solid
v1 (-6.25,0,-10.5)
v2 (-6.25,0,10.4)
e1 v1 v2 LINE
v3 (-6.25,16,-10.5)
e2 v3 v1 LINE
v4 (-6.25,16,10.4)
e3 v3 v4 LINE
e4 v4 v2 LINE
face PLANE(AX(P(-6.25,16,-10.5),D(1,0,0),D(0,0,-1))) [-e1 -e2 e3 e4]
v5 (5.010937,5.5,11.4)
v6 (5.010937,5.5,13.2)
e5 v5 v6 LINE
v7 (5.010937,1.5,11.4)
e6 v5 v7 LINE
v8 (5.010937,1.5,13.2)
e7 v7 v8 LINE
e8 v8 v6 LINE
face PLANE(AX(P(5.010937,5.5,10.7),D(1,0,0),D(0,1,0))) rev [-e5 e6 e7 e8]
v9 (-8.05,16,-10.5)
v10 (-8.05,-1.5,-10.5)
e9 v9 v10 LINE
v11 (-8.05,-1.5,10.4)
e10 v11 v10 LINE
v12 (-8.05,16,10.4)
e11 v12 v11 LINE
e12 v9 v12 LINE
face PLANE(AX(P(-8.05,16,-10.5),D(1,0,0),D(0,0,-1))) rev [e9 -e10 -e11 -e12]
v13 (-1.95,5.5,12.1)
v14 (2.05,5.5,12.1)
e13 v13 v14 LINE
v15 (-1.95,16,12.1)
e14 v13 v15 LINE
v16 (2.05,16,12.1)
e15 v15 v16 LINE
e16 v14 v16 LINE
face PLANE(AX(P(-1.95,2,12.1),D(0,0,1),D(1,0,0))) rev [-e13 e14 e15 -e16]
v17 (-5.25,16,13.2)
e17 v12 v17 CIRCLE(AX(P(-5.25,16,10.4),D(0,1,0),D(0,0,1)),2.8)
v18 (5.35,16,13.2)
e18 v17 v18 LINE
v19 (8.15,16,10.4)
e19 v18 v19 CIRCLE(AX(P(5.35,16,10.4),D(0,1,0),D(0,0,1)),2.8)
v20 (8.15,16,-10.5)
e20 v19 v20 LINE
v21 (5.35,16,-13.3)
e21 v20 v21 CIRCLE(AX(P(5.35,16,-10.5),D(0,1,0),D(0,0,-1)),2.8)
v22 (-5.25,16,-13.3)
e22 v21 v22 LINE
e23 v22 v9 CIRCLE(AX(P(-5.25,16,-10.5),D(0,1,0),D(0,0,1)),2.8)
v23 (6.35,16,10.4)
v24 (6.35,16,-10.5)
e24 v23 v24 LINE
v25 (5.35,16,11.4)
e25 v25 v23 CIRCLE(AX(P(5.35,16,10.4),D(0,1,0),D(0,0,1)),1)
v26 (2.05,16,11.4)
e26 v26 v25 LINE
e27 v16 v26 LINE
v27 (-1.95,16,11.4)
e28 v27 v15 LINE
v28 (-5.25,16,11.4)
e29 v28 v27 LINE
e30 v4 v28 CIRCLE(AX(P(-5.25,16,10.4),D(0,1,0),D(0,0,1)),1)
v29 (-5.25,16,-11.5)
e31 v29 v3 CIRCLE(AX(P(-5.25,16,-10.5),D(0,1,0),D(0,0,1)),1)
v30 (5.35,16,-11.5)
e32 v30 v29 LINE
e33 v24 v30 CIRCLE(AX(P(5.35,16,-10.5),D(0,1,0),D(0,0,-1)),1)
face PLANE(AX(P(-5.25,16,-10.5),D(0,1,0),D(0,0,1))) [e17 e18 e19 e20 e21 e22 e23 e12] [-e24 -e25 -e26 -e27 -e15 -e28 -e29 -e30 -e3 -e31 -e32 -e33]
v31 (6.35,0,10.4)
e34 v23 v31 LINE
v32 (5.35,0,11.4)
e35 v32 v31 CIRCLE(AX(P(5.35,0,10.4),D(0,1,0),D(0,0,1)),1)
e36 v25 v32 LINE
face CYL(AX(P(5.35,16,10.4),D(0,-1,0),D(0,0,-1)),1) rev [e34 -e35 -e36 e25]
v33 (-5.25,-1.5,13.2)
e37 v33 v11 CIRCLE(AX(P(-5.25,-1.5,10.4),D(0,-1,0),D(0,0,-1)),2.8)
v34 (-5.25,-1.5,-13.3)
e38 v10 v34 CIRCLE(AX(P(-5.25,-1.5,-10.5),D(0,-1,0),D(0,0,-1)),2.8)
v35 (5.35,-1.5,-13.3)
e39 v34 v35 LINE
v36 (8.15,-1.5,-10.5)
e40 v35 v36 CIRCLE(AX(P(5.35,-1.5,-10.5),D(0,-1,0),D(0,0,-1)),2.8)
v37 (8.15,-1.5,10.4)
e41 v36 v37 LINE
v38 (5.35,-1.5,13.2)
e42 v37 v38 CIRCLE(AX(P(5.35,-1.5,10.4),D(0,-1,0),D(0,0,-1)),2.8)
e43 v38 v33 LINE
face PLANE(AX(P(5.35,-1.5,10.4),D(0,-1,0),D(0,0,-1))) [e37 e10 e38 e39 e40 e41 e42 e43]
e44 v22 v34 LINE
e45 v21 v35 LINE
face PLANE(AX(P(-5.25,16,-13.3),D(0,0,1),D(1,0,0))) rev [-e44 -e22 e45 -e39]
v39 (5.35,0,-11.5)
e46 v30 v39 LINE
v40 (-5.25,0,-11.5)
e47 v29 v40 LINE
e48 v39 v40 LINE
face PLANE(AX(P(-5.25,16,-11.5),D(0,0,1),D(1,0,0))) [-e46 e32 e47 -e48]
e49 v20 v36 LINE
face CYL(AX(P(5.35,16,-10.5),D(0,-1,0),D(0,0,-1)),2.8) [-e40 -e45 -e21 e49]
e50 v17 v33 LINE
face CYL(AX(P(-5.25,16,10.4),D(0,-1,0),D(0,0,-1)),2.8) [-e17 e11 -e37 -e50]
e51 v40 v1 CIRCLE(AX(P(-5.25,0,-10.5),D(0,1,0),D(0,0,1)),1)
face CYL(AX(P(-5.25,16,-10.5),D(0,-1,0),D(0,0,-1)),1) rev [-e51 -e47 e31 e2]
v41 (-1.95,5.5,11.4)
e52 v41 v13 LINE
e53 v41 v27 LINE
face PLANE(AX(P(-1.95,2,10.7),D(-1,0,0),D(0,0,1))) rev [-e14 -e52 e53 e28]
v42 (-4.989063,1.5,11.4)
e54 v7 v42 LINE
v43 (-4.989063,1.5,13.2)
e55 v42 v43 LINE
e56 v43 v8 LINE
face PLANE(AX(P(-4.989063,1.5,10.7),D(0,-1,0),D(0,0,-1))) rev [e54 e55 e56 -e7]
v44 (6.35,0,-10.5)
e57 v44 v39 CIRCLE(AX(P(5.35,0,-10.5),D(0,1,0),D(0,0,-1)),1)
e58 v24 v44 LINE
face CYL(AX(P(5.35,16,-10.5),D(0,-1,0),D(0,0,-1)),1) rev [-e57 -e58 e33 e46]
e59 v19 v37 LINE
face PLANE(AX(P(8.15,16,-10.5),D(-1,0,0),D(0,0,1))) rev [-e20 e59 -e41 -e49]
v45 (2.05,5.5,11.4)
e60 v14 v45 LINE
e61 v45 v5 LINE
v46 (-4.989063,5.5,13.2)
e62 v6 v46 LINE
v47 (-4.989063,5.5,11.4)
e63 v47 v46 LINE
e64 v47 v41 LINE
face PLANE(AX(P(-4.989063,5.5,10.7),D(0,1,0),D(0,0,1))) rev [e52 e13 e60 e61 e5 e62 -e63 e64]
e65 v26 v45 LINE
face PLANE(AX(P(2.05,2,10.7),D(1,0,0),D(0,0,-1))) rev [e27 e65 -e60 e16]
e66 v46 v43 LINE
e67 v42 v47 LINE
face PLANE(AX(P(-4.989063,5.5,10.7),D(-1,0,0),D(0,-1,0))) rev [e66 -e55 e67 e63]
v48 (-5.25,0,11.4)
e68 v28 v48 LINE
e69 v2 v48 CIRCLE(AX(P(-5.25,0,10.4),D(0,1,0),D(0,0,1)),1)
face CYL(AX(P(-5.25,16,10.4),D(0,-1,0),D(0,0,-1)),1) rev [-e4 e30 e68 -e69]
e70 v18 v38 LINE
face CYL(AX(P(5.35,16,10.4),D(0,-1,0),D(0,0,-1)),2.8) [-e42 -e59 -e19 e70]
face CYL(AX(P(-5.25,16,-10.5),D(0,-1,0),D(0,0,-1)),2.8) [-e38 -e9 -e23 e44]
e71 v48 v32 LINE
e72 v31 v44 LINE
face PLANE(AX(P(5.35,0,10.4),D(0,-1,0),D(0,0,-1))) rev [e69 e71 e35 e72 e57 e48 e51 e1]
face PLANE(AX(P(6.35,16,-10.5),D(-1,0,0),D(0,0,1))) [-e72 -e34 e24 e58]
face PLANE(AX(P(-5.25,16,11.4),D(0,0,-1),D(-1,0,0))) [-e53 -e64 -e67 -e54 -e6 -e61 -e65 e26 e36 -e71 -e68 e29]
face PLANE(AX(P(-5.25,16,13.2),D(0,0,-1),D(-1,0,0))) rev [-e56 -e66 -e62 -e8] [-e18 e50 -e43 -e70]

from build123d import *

# Parameters (mm, degrees)
BOSS_EXTRUDE1_DEPTH = 16
BOSS_EXTRUDE2_START = 1.5
BOSS_EXTRUDE2_DEPTH = 1.5
SKETCH3_W           = 10
SKETCH3_H           = 4
CUT_EXTRUDE1_DEPTH  = 2.5
SKETCH5_W           = 4
SKETCH5_H           = 1.4
CUT_EXTRUDE2_DEPTH  = 14


with BuildPart() as part:
    # Sketch1 → Boss-Extrude1 (new body)
    with BuildSketch(Plane(origin=(0, 0, 0), x_dir=(1, 0, 0), z_dir=(0, 1, 0))):
        with BuildLine():
            Line((-5.25, 13.3), (5.35, 13.3))
            ThreePointArc((5.35, 13.3), (7.329898987, 12.479898987), (8.15, 10.5))
            Line((8.15, 10.5), (8.15, -10.4))
            ThreePointArc((8.15, -10.4), (7.329898987, -12.379898987), (5.35, -13.2))
            Line((5.35, -13.2), (-5.25, -13.2))
            ThreePointArc((-5.25, -13.2), (-7.229898987, -12.379898987), (-8.05, -10.4))
            Line((-8.05, -10.4), (-8.05, 10.5))
            ThreePointArc((-8.05, 10.5), (-7.229898987, 12.479898987), (-5.25, 13.3))
        make_face()
        with BuildLine():
            Line((-5.25, 11.5), (5.35, 11.5))
            ThreePointArc((5.35, 11.5), (6.057106781, 11.207106781), (6.35, 10.5))
            Line((6.35, 10.5), (6.35, -10.4))
            ThreePointArc((6.35, -10.4), (6.057106781, -11.107106781), (5.35, -11.4))
            Line((5.35, -11.4), (-5.25, -11.4))
            ThreePointArc((-5.25, -11.4), (-5.957106781, -11.107106781), (-6.25, -10.4))
            Line((-6.25, -10.4), (-6.25, 10.5))
            ThreePointArc((-6.25, 10.5), (-5.957106781, 11.207106781), (-5.25, 11.5))
        make_face(mode=Mode.SUBTRACT)
    extrude(amount=BOSS_EXTRUDE1_DEPTH)

    # Sketch2 → Boss-Extrude2 (add)
    with BuildSketch(Plane.XZ.offset(BOSS_EXTRUDE2_START)):
        with BuildLine():
            Line((-5.25, 13.2), (5.35, 13.2))
            ThreePointArc((5.35, 13.2), (7.329898987, 12.379898987), (8.15, 10.4))
            Line((8.15, 10.4), (8.15, -10.5))
            ThreePointArc((8.15, -10.5), (7.329898987, -12.479898987), (5.35, -13.3))
            Line((5.35, -13.3), (-5.25, -13.3))
            ThreePointArc((-5.25, -13.3), (-7.229898987, -12.479898987), (-8.05, -10.5))
            Line((-8.05, -10.5), (-8.05, 10.4))
            ThreePointArc((-8.05, 10.4), (-7.229898987, 12.379898987), (-5.25, 13.2))
        make_face()
    extrude(amount=-BOSS_EXTRUDE2_DEPTH)

    # Sketch3 → Cut-Extrude1 (cut)
    with BuildSketch(Plane.XY.offset(13.2)):
        with Locations((0.0109375, 3.5)):
            Rectangle(SKETCH3_W, SKETCH3_H)
    extrude(amount=-CUT_EXTRUDE1_DEPTH, mode=Mode.SUBTRACT)

    # Sketch5 → Cut-Extrude2 (cut)
    with BuildSketch(Plane(origin=(0, 16, 0), x_dir=(1, 0, 0), z_dir=(0, 1, 0))):
        with Locations((0.05, -11.4)):
            Rectangle(SKETCH5_W, SKETCH5_H)
    extrude(amount=-CUT_EXTRUDE2_DEPTH, mode=Mode.SUBTRACT)


solid = part.part
